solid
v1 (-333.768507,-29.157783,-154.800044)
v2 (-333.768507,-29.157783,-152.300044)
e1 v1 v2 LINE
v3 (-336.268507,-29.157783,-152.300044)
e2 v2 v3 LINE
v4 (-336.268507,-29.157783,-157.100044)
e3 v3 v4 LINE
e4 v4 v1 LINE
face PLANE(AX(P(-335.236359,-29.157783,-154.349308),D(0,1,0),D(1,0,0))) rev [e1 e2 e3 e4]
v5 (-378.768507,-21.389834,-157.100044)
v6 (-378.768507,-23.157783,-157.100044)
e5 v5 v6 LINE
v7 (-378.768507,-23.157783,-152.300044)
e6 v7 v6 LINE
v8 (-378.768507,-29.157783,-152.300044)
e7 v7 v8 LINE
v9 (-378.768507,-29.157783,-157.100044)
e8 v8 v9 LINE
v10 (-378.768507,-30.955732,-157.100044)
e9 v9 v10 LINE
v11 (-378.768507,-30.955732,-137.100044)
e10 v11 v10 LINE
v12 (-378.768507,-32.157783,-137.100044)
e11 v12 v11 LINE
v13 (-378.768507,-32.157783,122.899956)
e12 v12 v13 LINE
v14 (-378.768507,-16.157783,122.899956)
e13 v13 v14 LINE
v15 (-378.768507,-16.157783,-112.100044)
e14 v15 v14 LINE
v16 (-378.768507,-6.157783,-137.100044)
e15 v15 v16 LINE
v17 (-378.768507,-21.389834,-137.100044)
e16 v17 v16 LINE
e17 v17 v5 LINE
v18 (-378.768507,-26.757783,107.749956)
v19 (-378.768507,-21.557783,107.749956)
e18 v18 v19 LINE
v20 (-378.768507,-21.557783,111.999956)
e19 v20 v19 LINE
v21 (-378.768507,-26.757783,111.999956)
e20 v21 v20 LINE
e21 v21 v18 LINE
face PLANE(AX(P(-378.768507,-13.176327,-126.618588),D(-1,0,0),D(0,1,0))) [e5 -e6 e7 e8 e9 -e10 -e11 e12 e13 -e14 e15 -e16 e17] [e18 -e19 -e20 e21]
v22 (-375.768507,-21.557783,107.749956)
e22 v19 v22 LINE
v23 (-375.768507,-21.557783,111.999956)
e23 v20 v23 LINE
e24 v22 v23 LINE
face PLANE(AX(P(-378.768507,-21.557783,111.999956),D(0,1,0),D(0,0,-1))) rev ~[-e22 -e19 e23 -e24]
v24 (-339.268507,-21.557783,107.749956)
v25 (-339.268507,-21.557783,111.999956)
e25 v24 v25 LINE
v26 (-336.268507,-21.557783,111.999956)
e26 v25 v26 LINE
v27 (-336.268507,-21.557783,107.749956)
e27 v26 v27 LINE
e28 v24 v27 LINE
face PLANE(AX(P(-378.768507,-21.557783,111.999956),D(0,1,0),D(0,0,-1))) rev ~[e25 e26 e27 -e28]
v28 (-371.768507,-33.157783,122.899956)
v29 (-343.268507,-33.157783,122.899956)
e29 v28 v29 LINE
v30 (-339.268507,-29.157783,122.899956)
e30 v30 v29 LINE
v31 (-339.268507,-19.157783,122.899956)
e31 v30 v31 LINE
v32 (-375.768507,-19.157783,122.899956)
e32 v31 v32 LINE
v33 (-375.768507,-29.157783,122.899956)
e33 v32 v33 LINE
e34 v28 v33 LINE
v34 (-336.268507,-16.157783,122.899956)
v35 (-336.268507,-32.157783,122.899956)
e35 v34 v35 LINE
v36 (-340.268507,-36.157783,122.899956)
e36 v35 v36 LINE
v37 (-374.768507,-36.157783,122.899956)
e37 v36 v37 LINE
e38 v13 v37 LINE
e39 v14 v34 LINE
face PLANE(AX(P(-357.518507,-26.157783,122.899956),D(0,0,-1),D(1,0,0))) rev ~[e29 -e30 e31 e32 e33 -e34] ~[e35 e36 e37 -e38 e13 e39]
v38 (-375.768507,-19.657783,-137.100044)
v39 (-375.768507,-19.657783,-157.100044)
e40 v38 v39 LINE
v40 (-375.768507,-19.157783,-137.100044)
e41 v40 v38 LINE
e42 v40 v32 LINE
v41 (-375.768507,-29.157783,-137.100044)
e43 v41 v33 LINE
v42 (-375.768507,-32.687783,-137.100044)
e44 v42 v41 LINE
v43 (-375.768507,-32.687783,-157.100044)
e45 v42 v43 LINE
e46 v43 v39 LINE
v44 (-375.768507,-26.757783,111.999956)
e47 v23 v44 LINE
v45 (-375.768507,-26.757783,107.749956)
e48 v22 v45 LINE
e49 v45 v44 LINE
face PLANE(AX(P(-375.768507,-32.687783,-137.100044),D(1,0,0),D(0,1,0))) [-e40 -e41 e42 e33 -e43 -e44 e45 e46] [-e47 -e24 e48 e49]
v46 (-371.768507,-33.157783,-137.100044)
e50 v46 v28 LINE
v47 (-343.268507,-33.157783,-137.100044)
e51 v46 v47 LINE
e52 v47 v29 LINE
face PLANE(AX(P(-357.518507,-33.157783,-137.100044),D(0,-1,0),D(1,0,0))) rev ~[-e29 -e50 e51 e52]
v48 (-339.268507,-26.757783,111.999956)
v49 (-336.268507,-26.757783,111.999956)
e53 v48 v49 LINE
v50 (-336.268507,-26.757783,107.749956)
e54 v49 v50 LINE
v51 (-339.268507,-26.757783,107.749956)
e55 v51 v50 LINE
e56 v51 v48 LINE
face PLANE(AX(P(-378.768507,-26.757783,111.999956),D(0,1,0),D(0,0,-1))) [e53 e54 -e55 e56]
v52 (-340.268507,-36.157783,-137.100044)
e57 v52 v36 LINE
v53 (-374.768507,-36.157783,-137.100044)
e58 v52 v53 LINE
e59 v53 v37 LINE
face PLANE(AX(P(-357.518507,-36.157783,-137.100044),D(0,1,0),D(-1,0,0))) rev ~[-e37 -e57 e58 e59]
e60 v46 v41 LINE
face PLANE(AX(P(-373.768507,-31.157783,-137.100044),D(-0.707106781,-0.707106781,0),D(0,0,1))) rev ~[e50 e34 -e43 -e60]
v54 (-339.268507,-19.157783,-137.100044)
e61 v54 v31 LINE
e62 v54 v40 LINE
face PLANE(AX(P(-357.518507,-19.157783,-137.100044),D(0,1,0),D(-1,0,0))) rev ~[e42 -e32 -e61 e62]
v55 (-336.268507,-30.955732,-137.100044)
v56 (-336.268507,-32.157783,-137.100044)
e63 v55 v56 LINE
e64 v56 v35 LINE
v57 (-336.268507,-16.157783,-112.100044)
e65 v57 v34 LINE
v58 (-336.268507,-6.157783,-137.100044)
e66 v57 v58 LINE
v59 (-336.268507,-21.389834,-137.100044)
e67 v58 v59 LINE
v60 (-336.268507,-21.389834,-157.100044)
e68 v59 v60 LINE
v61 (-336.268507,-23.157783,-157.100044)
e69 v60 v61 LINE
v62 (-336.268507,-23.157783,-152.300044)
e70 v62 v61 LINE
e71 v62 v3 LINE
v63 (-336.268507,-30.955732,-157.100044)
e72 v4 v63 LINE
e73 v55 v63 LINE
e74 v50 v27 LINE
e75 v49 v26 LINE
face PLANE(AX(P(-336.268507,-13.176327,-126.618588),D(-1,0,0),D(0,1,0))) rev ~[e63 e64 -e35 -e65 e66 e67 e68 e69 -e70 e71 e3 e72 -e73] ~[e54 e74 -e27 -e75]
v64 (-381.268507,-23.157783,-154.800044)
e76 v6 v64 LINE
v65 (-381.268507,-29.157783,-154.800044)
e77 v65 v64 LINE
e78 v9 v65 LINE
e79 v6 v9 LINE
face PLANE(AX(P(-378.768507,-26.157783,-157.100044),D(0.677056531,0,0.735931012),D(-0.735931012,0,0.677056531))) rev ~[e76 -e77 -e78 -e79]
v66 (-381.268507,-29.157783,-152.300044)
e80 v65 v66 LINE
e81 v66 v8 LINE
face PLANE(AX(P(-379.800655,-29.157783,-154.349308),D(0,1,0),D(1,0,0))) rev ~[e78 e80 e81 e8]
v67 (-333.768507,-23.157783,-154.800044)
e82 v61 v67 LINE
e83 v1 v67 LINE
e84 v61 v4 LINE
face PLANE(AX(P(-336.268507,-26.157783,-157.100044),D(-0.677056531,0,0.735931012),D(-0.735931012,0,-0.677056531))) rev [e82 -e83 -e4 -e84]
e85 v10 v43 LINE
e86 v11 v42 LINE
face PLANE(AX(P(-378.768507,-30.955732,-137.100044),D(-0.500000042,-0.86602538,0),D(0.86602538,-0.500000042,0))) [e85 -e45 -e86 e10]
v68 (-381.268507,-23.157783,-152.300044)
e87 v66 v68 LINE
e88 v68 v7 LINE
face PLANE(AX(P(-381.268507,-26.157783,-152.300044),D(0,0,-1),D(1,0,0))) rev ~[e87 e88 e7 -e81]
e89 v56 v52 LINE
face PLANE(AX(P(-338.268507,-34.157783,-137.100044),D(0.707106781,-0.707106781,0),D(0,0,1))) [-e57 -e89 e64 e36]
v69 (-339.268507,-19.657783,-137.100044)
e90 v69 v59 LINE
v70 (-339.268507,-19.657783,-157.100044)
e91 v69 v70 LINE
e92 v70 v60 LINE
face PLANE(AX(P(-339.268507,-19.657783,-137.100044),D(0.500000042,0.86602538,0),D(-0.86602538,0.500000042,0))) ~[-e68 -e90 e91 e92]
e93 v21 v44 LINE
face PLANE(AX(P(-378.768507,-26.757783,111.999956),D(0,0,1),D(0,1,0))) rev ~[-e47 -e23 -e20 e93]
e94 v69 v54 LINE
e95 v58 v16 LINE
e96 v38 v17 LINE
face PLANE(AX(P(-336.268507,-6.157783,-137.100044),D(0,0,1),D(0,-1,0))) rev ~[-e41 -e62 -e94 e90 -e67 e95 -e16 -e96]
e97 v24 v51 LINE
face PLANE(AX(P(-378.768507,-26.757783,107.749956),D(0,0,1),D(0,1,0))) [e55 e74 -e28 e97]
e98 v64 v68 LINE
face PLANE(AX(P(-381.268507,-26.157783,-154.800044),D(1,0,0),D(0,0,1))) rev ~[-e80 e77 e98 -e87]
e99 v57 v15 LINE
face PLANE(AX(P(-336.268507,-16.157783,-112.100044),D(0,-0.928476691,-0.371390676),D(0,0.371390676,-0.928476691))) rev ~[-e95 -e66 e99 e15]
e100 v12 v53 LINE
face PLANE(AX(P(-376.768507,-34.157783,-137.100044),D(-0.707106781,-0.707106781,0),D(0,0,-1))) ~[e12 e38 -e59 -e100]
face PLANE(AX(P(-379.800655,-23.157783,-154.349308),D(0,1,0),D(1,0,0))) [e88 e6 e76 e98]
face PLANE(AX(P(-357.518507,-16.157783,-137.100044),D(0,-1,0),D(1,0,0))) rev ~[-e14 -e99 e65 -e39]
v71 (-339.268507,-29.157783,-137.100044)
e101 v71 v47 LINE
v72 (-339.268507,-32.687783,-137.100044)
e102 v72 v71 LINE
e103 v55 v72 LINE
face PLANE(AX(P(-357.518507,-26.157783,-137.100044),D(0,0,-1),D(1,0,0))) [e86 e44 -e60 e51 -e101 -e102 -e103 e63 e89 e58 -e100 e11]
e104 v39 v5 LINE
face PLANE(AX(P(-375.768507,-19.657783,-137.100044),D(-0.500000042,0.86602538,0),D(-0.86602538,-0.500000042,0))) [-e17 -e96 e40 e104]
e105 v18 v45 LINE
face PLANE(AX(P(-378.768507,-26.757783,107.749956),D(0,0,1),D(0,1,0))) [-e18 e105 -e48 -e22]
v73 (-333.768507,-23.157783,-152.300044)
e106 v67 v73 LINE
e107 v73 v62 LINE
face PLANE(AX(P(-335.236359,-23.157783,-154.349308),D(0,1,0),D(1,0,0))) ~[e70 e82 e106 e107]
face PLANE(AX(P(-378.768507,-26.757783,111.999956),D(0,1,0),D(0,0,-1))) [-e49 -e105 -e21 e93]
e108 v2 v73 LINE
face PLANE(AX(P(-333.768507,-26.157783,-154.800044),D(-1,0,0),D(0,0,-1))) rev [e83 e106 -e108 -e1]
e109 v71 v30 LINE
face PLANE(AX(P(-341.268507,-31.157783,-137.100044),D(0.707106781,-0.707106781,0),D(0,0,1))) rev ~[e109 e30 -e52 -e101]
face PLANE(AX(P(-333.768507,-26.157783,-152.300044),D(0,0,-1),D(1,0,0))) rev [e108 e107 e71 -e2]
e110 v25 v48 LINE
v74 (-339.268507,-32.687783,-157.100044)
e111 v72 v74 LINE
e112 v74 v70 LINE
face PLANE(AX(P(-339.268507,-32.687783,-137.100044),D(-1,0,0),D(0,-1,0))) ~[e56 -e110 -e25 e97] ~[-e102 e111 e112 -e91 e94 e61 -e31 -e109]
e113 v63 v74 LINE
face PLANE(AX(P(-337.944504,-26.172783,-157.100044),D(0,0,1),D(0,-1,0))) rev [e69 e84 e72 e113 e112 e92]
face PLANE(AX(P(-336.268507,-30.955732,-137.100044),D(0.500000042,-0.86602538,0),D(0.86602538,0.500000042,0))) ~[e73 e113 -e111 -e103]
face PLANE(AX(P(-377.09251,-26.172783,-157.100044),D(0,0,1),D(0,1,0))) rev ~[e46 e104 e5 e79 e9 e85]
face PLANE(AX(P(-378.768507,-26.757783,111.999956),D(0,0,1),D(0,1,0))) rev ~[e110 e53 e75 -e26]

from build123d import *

# Parameters (mm, degrees)
SKETCH135_W             = 20
SKETCH135_H             = 42.5
SKETCH135_W_2           = 14
SKETCH135_H_2           = 36.5
CHAMFER006_SIZE         = 4
PAD037_DEPTH            = 20
PAD038_DEPTH            = 3
SKETCH150_W             = 5.2
SKETCH150_H             = 4.25
POCKET048_DEPTH         = 45.001
PAD039_DEPTH            = 42.5
BODY012_ROLL_ANGLE      = 90
BODY012_PLACEMENT_ANGLE = -90


with BuildPart() as part:
    # AdditivePipe002: sweep along a path in Sketch134
    with BuildLine(Plane.XY) as additivepipe002_path:
        Line((0, 0), (0, 260))
    # Sketch135 → AdditivePipe002 (sweep)
    with BuildSketch(Plane.XZ):
        Rectangle(SKETCH135_W, SKETCH135_H)
        Rectangle(SKETCH135_W_2, SKETCH135_H_2, mode=Mode.SUBTRACT)
    sweep(path=additivepipe002_path.line)

    # Chamfer006
    chamfer006_edges = [part.edges().sort_by_distance(p)[0] for p in [
        (10, 130, 21.25),
        (10, 130, -21.25),
        (7, 130, 18.25),
        (7, 130, -18.25),
    ]]
    chamfer(chamfer006_edges, length=CHAMFER006_SIZE)

    # Sketch147 (on Face1 of AdditivePipe002) → Pad037 (new body)
    with BuildSketch(Plane.XZ):
        Polygon((-4.767949, 21.25), (4.797949, 21.25), (6.53, 18.25), (-6.5, 18.25), align=None)
    pad037 = extrude(amount=PAD037_DEPTH)

    # Sketch148 (on Face13 of Pad037) → Pad038 (join, symmetric)
    with BuildSketch(Plane(origin=(0, 0, 0), x_dir=(0, 0, 1), z_dir=(1, 0, 0))):
        Polygon((21.25, 20), (23.75, 17.7), (23.75, 15.2), (21.25, 15.2), align=None)
    pad038 = extrude(amount=PAD038_DEPTH, both=True)

    # Mirrored011: Pad038, Pad037 across Sketch148 V_Axis
    add(pad038.mirror(Plane.XY))
    add(pad037.mirror(Plane.XY))

    # Sketch150 (on Face6 of Chamfer006) → Pocket048 (cut, through all)
    with BuildSketch(Plane(origin=(0, 0, 21.25), x_dir=(-1, 0, 0), z_dir=(0, 0, 1))):
        with Locations((2, -246.975)):
            Rectangle(SKETCH150_W, SKETCH150_H)
    extrude(amount=-POCKET048_DEPTH, mode=Mode.SUBTRACT)

    # Sketch151 (on Face3 of Pocket048) → Pad039 (join)
    with BuildSketch(Plane(origin=(0, 0, -21.25), x_dir=(1, 0, 0), z_dir=(0, 0, -1))):
        Polygon((-20, 0), (-10, 0), (-10, -25), align=None)
    extrude(amount=-PAD039_DEPTH)


with BuildPart() as part_1:
    # Body012 roll: moved
    add(part.part.rotate(Axis((0, 0, 0), (1, 0, 0)), BODY012_ROLL_ANGLE))


with BuildPart() as part_2:
    # Body012 placement: moved
    add(part_1.part.moved(Location((-357.518507, -26.157783, -137.100044))).rotate(Axis((-357.518507, -26.157783, -137.100044), (0, 0, 1)), BODY012_PLACEMENT_ANGLE))


solid = part_2.part
